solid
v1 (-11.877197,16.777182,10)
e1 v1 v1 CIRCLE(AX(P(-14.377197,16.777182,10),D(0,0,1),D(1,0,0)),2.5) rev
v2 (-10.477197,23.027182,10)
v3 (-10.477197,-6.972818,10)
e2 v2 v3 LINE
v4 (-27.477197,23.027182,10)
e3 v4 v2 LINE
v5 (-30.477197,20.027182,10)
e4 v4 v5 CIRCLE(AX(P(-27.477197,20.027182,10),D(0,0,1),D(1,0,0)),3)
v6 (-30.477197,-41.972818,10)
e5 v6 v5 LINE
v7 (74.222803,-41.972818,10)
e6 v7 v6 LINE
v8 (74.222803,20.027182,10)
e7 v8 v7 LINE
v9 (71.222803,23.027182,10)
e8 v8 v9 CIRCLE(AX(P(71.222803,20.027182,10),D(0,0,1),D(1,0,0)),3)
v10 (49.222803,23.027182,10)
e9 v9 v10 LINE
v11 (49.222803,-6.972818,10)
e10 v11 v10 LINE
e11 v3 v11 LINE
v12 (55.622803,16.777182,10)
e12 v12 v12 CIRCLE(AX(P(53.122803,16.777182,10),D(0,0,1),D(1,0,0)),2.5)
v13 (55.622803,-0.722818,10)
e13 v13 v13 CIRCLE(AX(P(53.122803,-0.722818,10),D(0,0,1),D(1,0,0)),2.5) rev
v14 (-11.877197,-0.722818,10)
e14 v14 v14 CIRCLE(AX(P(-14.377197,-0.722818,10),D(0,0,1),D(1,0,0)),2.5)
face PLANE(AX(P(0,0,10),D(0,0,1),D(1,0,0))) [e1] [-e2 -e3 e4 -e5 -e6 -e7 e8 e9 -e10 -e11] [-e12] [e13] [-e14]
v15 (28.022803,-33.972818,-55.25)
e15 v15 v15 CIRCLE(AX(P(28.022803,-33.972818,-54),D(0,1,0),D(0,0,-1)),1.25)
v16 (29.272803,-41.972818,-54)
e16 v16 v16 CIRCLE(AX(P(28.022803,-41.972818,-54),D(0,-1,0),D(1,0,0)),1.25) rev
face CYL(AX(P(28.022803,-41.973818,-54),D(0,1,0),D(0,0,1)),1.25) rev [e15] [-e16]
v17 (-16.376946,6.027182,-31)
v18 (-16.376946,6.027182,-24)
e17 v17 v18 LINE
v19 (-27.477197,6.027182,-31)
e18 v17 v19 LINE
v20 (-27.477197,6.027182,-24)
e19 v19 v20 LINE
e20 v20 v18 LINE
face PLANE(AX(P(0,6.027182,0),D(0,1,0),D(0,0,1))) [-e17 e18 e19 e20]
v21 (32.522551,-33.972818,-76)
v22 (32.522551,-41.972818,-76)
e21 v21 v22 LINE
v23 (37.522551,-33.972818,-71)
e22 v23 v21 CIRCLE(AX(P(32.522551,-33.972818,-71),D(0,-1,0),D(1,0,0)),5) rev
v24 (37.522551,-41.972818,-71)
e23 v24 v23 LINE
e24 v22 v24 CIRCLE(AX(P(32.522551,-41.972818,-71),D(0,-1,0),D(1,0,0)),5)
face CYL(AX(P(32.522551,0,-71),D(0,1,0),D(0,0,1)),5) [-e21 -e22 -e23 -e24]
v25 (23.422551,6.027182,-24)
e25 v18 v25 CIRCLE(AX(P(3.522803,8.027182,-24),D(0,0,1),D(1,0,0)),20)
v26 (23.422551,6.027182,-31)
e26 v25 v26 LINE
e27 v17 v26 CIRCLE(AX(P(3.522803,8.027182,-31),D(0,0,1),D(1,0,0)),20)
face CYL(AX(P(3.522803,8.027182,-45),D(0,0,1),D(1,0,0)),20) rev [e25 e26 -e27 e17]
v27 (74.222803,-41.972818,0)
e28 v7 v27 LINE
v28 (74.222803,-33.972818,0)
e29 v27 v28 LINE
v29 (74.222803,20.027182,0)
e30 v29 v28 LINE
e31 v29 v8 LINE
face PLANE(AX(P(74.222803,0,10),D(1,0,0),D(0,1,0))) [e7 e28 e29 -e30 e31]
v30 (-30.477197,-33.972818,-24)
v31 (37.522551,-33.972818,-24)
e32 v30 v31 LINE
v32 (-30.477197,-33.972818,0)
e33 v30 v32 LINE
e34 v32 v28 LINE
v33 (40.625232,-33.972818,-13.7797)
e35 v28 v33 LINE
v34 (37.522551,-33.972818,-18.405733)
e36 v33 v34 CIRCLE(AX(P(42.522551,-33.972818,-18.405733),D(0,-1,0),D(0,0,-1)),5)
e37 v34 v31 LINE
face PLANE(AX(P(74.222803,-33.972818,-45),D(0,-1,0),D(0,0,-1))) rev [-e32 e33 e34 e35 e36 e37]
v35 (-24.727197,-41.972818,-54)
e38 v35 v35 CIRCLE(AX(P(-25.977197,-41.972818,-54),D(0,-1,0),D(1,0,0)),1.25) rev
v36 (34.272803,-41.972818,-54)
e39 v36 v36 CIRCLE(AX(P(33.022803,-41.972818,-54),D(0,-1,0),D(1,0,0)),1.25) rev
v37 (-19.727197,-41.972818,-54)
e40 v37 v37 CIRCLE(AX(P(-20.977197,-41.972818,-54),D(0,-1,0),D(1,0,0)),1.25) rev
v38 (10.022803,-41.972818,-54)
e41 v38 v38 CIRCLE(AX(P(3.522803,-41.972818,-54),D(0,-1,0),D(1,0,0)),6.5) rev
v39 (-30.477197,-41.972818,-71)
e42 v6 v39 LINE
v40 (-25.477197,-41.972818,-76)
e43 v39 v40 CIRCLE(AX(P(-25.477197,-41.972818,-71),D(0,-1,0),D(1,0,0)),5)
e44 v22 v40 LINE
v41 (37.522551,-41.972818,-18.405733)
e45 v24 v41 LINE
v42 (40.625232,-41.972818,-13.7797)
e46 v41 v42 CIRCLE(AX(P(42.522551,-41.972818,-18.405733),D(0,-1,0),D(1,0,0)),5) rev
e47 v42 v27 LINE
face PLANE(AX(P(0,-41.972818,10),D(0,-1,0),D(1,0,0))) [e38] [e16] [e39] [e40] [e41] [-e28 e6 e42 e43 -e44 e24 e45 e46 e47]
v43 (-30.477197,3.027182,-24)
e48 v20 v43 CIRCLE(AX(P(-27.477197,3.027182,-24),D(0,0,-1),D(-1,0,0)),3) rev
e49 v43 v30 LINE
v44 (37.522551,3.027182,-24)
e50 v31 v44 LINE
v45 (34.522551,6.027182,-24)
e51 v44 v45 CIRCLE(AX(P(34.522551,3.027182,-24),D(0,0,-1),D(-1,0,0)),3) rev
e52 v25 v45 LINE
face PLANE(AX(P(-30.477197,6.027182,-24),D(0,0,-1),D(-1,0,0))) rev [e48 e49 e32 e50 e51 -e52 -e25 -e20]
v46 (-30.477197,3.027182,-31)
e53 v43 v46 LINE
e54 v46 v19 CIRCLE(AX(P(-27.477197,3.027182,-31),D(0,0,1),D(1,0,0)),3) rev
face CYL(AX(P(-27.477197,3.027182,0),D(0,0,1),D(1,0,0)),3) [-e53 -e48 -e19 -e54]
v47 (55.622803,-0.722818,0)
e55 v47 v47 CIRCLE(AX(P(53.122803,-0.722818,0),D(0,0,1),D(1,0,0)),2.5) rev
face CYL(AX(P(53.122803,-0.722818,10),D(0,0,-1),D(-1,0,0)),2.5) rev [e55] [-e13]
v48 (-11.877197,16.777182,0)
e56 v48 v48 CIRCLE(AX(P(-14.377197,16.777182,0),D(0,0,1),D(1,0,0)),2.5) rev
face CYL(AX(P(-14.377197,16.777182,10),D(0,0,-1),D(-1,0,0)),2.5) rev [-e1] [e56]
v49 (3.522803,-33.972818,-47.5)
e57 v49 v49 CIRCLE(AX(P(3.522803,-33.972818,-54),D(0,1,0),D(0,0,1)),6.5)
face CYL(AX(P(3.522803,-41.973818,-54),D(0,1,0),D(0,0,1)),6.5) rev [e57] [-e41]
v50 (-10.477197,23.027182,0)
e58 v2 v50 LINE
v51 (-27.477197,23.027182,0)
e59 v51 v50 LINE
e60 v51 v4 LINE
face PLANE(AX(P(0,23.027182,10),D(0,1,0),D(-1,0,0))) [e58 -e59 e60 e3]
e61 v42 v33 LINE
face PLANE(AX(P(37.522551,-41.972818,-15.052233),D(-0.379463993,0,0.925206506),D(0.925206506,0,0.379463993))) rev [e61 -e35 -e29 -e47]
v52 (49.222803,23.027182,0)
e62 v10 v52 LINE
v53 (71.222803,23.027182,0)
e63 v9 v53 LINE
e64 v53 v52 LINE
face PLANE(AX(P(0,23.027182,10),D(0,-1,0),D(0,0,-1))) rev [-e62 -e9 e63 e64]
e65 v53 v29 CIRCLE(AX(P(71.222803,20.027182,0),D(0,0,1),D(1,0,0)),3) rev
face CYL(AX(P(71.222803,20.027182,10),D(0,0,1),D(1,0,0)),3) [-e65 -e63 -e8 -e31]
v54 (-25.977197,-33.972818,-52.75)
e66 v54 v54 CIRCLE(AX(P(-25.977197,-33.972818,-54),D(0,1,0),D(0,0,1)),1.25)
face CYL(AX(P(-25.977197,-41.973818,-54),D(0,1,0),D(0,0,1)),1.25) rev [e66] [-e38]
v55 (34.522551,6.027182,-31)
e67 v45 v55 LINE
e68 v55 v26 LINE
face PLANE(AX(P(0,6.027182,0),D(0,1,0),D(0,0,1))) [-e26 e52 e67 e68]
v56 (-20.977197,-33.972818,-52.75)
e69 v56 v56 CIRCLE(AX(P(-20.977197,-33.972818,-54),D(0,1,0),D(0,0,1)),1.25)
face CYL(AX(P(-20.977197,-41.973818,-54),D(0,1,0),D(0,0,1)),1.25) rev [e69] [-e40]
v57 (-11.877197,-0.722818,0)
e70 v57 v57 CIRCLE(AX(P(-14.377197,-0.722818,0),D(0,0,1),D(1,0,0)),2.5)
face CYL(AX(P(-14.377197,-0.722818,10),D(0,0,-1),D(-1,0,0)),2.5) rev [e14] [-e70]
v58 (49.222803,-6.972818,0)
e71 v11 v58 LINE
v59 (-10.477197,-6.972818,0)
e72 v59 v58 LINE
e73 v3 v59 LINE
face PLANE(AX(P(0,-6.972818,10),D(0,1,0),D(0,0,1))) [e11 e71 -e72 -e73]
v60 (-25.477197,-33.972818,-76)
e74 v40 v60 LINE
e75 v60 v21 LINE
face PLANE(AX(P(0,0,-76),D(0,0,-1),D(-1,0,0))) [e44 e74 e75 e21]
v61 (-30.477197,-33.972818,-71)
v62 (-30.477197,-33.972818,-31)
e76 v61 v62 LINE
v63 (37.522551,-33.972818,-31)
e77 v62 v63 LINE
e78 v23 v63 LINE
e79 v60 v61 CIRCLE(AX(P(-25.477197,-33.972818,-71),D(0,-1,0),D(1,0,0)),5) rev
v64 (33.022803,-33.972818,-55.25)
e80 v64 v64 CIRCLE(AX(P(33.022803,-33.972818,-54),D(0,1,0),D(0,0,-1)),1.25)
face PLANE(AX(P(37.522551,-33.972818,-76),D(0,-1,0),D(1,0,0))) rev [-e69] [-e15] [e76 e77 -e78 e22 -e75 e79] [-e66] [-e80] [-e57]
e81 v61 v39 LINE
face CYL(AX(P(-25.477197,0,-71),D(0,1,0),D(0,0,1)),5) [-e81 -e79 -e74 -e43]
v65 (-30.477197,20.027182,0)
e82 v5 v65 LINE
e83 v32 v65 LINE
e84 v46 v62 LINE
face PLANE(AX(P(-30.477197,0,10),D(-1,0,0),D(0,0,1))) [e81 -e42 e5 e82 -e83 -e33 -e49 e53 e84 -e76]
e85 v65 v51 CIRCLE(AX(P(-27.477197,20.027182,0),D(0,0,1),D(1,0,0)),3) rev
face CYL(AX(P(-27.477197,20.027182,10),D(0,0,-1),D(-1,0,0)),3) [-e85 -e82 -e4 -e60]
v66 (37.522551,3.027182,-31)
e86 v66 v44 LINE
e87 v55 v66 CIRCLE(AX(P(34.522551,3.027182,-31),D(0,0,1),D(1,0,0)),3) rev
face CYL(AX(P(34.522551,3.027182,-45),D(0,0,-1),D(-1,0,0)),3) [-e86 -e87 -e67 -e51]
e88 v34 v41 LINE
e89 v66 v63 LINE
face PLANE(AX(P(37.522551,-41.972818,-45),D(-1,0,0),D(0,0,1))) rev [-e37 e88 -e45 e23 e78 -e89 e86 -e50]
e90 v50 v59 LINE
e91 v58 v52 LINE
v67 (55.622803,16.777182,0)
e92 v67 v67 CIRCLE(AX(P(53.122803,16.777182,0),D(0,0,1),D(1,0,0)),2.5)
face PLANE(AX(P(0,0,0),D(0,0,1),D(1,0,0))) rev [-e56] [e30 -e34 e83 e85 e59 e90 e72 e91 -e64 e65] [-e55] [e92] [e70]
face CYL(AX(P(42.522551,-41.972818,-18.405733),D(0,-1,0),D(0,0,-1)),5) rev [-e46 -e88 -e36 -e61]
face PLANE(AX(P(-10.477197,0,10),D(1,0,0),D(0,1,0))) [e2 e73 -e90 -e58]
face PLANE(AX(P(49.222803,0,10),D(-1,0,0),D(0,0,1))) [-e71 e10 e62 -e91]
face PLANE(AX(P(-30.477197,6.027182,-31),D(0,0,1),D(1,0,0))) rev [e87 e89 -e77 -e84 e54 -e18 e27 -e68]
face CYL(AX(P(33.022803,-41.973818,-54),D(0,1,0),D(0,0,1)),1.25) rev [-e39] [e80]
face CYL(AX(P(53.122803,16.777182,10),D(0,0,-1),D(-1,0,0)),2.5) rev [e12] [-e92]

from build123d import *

# Parameters (mm, degrees)
CROQUIS1_R              = 2.5
SALIENTE_EXTRUIR2_DEPTH = 10
CROQUIS3_W              = 104.7
CROQUIS3_H              = 8
SALIENTE_EXTRUIR3_DEPTH = 45
CROQUIS4_W              = 104.7
CROQUIS4_H              = 7
SALIENTE_EXTRUIR4_DEPTH = 40
CROQUIS6_R              = 20
CORTAR_EXTRUIR1_DEPTH   = 92.797287028
REDONDEO2_R             = 3
CORTAR_EXTRUIR3_DEPTH   = 100.186815901
CROQUIS12_W             = 67.999748742
CROQUIS12_H             = 7
CORTAR_EXTRUIR4_DEPTH   = 104.841342675
REDONDEO5_R             = 5
CROQUIS13_W             = 67.999748742
CROQUIS13_H             = 8
CORTAR_EXTRUIR6_DEPTH   = 7
CROQUIS18_W             = 67.999748742
CROQUIS18_H             = 8
SALIENTE_EXTRUIR7_DEPTH = 45
CORTAR_EXTRUIR7_REACH   = 122.557
CROQUIS19_R             = 1.25
CROQUIS19_R_2           = 6.5
REDONDEO8_R             = 5
REDONDEO10_R            = 3


with BuildPart() as part:
    # Croquis1 → Saliente-Extruir2 (new body)
    with BuildSketch(Plane.XY):
        Polygon((74.222802753, 23.027181924), (49.222802753, 23.027181924), (49.222802753, -6.972818076), (-10.477197247, -6.972818076), (-10.477197247, 23.027181924), (-30.477197247, 23.027181924), (-30.477197247, -41.972818076), (74.222802753, -41.972818076), align=None)
        with Locations((-14.377197247, 16.777181924)):
            Circle(CROQUIS1_R, mode=Mode.SUBTRACT)
        with Locations((-14.377197247, -0.722818076)):
            Circle(CROQUIS1_R, mode=Mode.SUBTRACT)
        with Locations((53.122802753, 16.777181924)):
            Circle(CROQUIS1_R, mode=Mode.SUBTRACT)
        with Locations((53.122802753, -0.722818076)):
            Circle(CROQUIS1_R, mode=Mode.SUBTRACT)
    extrude(amount=SALIENTE_EXTRUIR2_DEPTH)

    # Croquis3 → Saliente-Extruir3 (add)
    with BuildSketch(Plane(origin=(0, 0, 0), x_dir=(-1, 0, 0), z_dir=(0, 0, -1))):
        with Locations((-21.872802753, -37.972818076)):
            Rectangle(CROQUIS3_W, CROQUIS3_H)
    extrude(amount=SALIENTE_EXTRUIR3_DEPTH)

    # Croquis4 → Saliente-Extruir4 (add)
    with BuildSketch(Plane(origin=(0, -33.972818076, 0), x_dir=(1, 0, 0), z_dir=(0, 1, 0))):
        with Locations((21.872802753, 27.5)):
            Rectangle(CROQUIS4_W, CROQUIS4_H)
    extrude(amount=SALIENTE_EXTRUIR4_DEPTH)

    # Croquis6 → Cortar-Extruir1 (cut, through all)
    with BuildSketch(Plane.XY.offset(-24)):
        with Locations((3.522802753, 8.027181924)):
            Circle(CROQUIS6_R)
    extrude(amount=-CORTAR_EXTRUIR1_DEPTH, mode=Mode.SUBTRACT)

    # Redondeo2
    redondeo2_edges = [part.edges().sort_by_distance(p)[0] for p in [
        (74.222802753, 23.027181924, 5),
        (-30.477197247, 23.027181924, 5),
    ]]
    fillet(redondeo2_edges, radius=REDONDEO2_R)

    # Croquis10 → Cortar-Extruir3 (cut, through all)
    with BuildSketch(Plane(origin=(0, 6.027181924, 0), x_dir=(1, 0, 0), z_dir=(0, 1, 0))):
        Polygon((74.222802753, 45), (37.522551495, 45), (37.522551495, 15.052232973), (74.222802753, 0), align=None)
    extrude(amount=-CORTAR_EXTRUIR3_DEPTH, mode=Mode.SUBTRACT)

    # Croquis12 → Cortar-Extruir4 (cut, through all)
    with BuildSketch(Plane(origin=(0, -33.972818076, 0), x_dir=(1, 0, 0), z_dir=(0, 1, 0))):
        with Locations((3.522677124, 41.5)):
            Rectangle(CROQUIS12_W, CROQUIS12_H)
    extrude(amount=-CORTAR_EXTRUIR4_DEPTH, mode=Mode.SUBTRACT)

    # Redondeo5
    redondeo5_edges = [part.edges().sort_by_distance(p)[0] for p in [
        (37.522551495, -37.972818076, -15.052232973),
    ]]
    fillet(redondeo5_edges, radius=REDONDEO5_R)

    # Croquis13 → Cortar-Extruir6 (cut)
    with BuildSketch(Plane(origin=(0, 0, -38), x_dir=(-1, 0, 0), z_dir=(0, 0, -1))):
        with Locations((-3.522677124, -37.972818076)):
            Rectangle(CROQUIS13_W, CROQUIS13_H)
    extrude(amount=-CORTAR_EXTRUIR6_DEPTH, mode=Mode.SUBTRACT)

    # Croquis18 → Saliente-Extruir7 (add)
    with BuildSketch(Plane(origin=(0, 0, -31), x_dir=(-1, 0, 0), z_dir=(0, 0, -1))):
        with Locations((-3.522677124, -37.972818076)):
            Rectangle(CROQUIS18_W, CROQUIS18_H)
    extrude(amount=SALIENTE_EXTRUIR7_DEPTH)

    # Croquis19 → Cortar-Extruir7 (cut, up to next)
    with BuildSketch(Plane(origin=(0, -33.972818076, 0), x_dir=(1, 0, 0), z_dir=(0, 1, 0)), mode=Mode.PRIVATE) as cortar_extruir7_sk1:
        with Locations(Location((-25.977197247, 54, 0), (0, 0, 270))):
            Circle(CROQUIS19_R)
    cortar_extruir7_tool1 = extrude(cortar_extruir7_sk1.sketch, amount=-CORTAR_EXTRUIR7_REACH, mode=Mode.PRIVATE) & part.part
    # Croquis19 → Cortar-Extruir7 (cut, up to next)
    with BuildSketch(Plane(origin=(0, -33.972818076, 0), x_dir=(1, 0, 0), z_dir=(0, 1, 0)), mode=Mode.PRIVATE) as cortar_extruir7_sk2:
        with Locations((33.022802753, 54)):
            Circle(CROQUIS19_R)
    cortar_extruir7_tool2 = extrude(cortar_extruir7_sk2.sketch, amount=-CORTAR_EXTRUIR7_REACH, mode=Mode.PRIVATE) & part.part
    # Croquis19 → Cortar-Extruir7 (cut, up to next)
    with BuildSketch(Plane(origin=(0, -33.972818076, 0), x_dir=(1, 0, 0), z_dir=(0, 1, 0)), mode=Mode.PRIVATE) as cortar_extruir7_sk3:
        with Locations(Location((-20.977197247, 54, 0), (0, 0, 270))):
            Circle(CROQUIS19_R)
    cortar_extruir7_tool3 = extrude(cortar_extruir7_sk3.sketch, amount=-CORTAR_EXTRUIR7_REACH, mode=Mode.PRIVATE) & part.part
    # Croquis19 → Cortar-Extruir7 (cut, up to next)
    with BuildSketch(Plane(origin=(0, -33.972818076, 0), x_dir=(1, 0, 0), z_dir=(0, 1, 0)), mode=Mode.PRIVATE) as cortar_extruir7_sk4:
        with Locations((28.022802753, 54)):
            Circle(CROQUIS19_R)
    cortar_extruir7_tool4 = extrude(cortar_extruir7_sk4.sketch, amount=-CORTAR_EXTRUIR7_REACH, mode=Mode.PRIVATE) & part.part
    # Croquis19 → Cortar-Extruir7 (cut, up to next)
    with BuildSketch(Plane(origin=(0, -33.972818076, 0), x_dir=(1, 0, 0), z_dir=(0, 1, 0)), mode=Mode.PRIVATE) as cortar_extruir7_sk5:
        with Locations(Location((3.522802753, 54, 0), (0, 0, 270))):
            Circle(CROQUIS19_R_2)
    cortar_extruir7_tool5 = extrude(cortar_extruir7_sk5.sketch, amount=-CORTAR_EXTRUIR7_REACH, mode=Mode.PRIVATE) & part.part
    add(cortar_extruir7_tool1.solids().sort_by_distance((-25.977197, -33.972818, -54))[0], mode=Mode.SUBTRACT)
    add(cortar_extruir7_tool2.solids().sort_by_distance((33.022803, -33.972818, -54))[0], mode=Mode.SUBTRACT)
    add(cortar_extruir7_tool3.solids().sort_by_distance((-20.977197, -33.972818, -54))[0], mode=Mode.SUBTRACT)
    add(cortar_extruir7_tool4.solids().sort_by_distance((28.022803, -33.972818, -54))[0], mode=Mode.SUBTRACT)
    add(cortar_extruir7_tool5.solids().sort_by_distance((3.522803, -33.972818, -54))[0], mode=Mode.SUBTRACT)

    # Redondeo8
    redondeo8_edges = [part.edges().sort_by_distance(p)[0] for p in [
        (37.522551495, -37.972818076, -76),
        (-30.477197247, -37.972818076, -76),
    ]]
    fillet(redondeo8_edges, radius=REDONDEO8_R)

    # Redondeo10
    redondeo10_edges = [part.edges().sort_by_distance(p)[0] for p in [
        (-30.477197247, 6.027181924, -27.5),
        (37.522551495, 6.027181924, -27.5),
    ]]
    fillet(redondeo10_edges, radius=REDONDEO10_R)


solid = part.part
